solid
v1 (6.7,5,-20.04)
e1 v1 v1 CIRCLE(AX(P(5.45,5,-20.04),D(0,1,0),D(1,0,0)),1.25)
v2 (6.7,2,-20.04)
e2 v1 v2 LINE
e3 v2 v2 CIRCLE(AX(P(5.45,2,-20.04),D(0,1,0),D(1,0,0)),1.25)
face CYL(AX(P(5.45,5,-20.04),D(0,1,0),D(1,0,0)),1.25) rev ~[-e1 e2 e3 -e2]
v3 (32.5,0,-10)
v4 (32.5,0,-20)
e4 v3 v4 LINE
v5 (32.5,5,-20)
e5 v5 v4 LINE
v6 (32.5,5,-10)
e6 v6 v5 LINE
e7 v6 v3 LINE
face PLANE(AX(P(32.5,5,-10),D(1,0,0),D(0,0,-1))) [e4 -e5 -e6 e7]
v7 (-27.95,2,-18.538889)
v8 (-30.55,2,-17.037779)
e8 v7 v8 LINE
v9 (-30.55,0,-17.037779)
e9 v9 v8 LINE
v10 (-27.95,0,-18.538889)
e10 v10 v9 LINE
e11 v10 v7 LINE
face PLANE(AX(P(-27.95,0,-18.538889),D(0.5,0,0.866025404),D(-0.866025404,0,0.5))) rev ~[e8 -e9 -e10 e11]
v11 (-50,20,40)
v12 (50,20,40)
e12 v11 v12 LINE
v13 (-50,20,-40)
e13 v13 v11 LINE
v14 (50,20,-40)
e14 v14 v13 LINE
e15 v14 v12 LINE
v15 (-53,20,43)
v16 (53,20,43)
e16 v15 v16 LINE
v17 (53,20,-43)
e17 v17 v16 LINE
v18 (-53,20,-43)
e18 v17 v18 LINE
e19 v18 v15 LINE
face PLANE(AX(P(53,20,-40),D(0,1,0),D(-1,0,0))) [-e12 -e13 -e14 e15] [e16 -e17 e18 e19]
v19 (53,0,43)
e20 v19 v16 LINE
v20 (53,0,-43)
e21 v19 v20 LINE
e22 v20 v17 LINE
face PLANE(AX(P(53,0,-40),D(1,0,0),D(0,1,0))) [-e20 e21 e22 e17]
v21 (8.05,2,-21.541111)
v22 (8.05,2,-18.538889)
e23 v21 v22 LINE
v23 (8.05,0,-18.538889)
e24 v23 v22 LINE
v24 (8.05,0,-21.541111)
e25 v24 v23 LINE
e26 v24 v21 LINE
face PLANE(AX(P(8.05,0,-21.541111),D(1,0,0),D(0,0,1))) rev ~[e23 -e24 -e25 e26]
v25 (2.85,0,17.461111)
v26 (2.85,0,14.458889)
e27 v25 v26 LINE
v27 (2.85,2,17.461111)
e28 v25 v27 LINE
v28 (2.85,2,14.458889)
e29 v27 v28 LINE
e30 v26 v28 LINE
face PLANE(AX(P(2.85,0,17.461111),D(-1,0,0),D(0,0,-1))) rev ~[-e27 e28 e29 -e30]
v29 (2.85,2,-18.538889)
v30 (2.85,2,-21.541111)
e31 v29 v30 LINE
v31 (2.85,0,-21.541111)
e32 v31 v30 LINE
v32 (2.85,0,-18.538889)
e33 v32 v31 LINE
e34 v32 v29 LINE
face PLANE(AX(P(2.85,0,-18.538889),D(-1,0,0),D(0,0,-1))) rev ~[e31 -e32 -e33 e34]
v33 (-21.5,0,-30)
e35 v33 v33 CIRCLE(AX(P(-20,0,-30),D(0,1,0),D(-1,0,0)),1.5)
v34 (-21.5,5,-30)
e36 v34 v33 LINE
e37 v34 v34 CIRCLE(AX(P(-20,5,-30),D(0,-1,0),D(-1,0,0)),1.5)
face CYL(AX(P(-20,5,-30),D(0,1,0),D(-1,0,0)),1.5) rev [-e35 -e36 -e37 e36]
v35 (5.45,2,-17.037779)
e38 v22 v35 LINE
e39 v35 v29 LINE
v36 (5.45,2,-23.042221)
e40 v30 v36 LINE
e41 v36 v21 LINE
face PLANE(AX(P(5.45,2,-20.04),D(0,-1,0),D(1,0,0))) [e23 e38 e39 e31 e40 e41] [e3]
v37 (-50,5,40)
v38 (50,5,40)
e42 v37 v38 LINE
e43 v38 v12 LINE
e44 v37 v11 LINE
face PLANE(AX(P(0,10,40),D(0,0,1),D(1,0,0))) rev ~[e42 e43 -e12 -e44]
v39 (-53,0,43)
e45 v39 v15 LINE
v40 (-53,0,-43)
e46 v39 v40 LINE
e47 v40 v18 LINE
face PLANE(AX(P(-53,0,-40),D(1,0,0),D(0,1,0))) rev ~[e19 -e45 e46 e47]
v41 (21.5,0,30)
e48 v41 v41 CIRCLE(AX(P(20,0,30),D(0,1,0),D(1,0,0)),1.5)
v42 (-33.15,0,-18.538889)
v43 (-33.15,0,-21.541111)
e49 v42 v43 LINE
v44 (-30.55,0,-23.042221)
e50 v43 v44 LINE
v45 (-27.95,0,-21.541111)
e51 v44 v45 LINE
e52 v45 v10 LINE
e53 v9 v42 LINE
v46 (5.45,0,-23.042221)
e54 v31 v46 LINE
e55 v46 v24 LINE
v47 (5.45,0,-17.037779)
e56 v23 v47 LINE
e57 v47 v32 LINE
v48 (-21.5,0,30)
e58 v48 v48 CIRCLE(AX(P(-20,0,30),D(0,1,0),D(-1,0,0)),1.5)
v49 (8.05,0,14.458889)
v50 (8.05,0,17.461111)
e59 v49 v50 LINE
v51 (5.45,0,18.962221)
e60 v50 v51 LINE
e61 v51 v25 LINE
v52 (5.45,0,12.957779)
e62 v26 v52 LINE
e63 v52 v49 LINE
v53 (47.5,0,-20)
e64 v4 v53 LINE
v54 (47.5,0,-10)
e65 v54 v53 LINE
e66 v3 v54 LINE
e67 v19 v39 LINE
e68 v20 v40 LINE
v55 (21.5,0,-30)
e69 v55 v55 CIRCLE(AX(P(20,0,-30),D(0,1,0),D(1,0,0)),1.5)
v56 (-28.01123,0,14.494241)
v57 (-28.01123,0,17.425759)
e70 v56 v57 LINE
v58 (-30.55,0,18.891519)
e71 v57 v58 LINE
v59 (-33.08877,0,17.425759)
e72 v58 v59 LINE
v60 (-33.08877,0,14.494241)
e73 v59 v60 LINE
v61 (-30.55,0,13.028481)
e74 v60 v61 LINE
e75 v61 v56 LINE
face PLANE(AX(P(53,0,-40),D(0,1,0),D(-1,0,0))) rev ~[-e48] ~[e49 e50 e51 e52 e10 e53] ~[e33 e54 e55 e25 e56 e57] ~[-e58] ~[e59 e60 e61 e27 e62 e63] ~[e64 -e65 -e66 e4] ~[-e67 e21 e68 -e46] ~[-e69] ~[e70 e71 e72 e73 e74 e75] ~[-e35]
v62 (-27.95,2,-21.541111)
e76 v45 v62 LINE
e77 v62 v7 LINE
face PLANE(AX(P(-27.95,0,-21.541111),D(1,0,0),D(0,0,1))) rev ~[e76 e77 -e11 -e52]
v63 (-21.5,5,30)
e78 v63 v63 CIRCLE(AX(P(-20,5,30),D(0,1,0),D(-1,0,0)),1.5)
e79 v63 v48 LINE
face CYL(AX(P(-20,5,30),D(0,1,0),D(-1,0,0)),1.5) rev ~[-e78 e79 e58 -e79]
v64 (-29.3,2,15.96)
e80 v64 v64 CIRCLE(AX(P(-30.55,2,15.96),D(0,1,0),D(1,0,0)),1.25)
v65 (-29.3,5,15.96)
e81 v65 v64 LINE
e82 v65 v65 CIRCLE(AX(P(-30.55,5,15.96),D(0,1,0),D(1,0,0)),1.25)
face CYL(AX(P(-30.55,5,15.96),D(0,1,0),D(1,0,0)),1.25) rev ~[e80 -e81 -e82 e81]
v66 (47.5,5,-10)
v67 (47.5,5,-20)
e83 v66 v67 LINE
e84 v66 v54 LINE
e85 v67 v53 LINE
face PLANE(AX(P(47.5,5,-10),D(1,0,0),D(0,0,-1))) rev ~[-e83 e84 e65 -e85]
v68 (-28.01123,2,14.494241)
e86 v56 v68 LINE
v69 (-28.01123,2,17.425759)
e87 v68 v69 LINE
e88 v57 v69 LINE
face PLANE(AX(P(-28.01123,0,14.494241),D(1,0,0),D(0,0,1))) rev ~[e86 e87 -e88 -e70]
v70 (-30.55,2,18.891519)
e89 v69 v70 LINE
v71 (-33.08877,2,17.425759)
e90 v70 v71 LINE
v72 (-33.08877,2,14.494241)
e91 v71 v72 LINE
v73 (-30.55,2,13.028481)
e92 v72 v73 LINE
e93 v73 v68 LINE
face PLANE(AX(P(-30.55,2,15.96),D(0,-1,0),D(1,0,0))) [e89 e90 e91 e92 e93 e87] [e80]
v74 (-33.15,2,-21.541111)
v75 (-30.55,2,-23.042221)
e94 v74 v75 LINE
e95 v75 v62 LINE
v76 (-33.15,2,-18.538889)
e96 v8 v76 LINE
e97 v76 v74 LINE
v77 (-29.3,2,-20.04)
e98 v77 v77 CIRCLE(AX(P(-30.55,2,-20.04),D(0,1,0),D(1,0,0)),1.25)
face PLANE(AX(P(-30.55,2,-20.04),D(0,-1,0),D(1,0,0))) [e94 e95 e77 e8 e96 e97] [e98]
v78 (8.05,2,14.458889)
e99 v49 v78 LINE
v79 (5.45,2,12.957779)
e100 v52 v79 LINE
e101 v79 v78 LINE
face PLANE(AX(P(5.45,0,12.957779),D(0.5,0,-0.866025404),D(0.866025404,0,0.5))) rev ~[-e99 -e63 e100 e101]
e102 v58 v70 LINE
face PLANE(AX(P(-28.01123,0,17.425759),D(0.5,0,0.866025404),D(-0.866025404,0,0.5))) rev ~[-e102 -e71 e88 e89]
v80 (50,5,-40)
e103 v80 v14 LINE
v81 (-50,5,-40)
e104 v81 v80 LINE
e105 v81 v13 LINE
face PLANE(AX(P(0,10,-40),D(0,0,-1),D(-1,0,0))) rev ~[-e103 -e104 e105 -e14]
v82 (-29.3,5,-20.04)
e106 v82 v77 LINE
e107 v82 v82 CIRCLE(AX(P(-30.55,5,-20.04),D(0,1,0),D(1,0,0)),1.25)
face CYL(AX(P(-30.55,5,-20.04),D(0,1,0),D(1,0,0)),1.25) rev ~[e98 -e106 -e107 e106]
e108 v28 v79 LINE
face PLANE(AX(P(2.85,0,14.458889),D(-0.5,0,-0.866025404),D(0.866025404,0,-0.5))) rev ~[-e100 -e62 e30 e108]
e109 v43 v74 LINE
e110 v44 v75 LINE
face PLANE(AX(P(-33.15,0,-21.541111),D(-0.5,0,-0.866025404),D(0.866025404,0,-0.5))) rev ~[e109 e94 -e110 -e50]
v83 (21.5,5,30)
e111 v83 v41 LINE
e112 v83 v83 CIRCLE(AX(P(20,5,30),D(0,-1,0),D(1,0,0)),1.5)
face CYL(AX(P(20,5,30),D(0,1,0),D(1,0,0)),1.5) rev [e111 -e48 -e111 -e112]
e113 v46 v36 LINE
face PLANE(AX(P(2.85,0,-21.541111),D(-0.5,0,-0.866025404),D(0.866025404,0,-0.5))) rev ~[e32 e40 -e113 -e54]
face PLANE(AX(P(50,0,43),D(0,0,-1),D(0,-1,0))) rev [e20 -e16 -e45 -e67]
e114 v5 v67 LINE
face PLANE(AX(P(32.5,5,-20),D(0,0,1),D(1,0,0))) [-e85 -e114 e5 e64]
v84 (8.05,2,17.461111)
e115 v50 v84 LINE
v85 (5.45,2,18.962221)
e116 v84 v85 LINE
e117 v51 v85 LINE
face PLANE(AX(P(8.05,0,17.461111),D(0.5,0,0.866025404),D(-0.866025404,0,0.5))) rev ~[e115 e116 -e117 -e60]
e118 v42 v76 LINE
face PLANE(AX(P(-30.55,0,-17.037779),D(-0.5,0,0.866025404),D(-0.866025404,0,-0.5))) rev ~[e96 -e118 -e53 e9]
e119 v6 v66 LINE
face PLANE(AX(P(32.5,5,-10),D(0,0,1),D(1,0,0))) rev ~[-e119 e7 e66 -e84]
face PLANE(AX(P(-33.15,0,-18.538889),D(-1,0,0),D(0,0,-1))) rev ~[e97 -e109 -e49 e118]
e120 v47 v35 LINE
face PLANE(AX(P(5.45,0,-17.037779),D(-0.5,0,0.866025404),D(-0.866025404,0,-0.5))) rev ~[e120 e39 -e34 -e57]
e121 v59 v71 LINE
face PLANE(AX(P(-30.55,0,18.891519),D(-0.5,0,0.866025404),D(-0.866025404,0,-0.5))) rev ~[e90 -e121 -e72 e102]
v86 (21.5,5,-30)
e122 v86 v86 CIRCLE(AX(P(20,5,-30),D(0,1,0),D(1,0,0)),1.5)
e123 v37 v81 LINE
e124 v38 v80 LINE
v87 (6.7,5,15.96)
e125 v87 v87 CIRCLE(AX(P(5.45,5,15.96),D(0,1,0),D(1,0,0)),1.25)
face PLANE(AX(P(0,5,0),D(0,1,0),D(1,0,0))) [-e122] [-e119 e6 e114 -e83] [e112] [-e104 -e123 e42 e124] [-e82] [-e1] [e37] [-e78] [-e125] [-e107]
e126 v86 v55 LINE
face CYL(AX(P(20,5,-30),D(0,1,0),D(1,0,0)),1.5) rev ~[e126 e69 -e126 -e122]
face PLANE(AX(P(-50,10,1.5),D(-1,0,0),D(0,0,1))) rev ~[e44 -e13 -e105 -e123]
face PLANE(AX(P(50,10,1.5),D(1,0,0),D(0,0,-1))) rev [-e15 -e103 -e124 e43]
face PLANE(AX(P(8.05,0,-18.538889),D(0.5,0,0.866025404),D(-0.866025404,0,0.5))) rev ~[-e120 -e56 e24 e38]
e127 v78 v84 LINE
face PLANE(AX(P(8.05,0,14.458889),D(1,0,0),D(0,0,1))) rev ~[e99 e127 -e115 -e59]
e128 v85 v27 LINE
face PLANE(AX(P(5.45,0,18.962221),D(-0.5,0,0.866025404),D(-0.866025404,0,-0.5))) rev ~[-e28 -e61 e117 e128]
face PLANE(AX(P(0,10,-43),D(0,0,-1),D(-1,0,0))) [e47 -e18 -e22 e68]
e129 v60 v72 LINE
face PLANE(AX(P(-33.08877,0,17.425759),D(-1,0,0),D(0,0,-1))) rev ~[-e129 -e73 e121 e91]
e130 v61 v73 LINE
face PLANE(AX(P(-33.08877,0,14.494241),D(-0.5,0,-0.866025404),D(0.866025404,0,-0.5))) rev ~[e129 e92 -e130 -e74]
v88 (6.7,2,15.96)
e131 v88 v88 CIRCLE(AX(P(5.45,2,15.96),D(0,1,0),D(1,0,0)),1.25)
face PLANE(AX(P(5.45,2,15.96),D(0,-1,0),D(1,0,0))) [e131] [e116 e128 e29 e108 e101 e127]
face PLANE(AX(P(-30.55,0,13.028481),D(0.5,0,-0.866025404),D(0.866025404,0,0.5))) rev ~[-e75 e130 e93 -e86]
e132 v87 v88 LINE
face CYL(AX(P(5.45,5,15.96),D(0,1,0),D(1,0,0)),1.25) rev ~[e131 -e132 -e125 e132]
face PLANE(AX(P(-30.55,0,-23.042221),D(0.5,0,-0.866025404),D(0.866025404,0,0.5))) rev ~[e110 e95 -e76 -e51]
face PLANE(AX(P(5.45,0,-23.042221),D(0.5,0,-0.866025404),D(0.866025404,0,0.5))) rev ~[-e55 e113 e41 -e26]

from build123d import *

# Parameters (mm, degrees)
SKETCH_1_W               = 100
SKETCH_1_H               = 80
EXTRUDE_1_DEPTH          = 5
SKETCH_2_R               = 1.5
CUT_EXTRUDE_1_DEPTH      = 6
MIRROR_2_COPY_1_SKETCH_R = 1.5
MIRROR_2_COPY_1_DEPTH    = 6
SKETCH_4_W               = 100
SKETCH_4_H               = 20
EXTRUDE_2_DEPTH          = 3
SKETCH_5_W               = 83
SKETCH_5_H               = 20
EXTRUDE_3_DEPTH          = 3
SKETCH_6_W               = 106
SKETCH_6_H               = 20
EXTRUDE_4_DEPTH          = 3
SKETCH_7_R               = 1.25
CUT_EXTRUDE_2_DEPTH      = 6
CUT_EXTRUDE_3_DEPTH      = 2
SKETCH_9_W               = 15
SKETCH_9_H               = 10
CUT_EXTRUDE_4_DEPTH      = 6


with BuildPart() as part:
    # 草图1 → 凸台-拉伸1 (new body)
    with BuildSketch(Plane(origin=(0, 0, 0), x_dir=(1, 0, 0), z_dir=(0, 1, 0))):
        Rectangle(SKETCH_1_W, SKETCH_1_H)
    extrude(amount=EXTRUDE_1_DEPTH)

    # 草图2 → 切除-拉伸1 (cut, through all)
    with BuildSketch(Plane(origin=(0, 5, 0), x_dir=(1, 0, 0), z_dir=(0, 1, 0))):
        with Locations((20, 30)):
            Circle(SKETCH_2_R)
    cut_extrude_1 = extrude(amount=-CUT_EXTRUDE_1_DEPTH, mode=Mode.SUBTRACT)

    # 镜向1: 切除-拉伸1 across plane
    add(cut_extrude_1.mirror(Plane.ZY), mode=Mode.SUBTRACT)

    # 镜向2: 切除-拉伸1 across plane
    add(cut_extrude_1.mirror(Plane.XY), mode=Mode.SUBTRACT)

    # 镜向2 copy 1 sketch → 镜向2 copy 1 (cut, through all)
    with BuildSketch(Plane(origin=(0, 5, 0), x_dir=(-1, 0, 0), z_dir=(0, 1, 0))):
        with Locations((20, 30)):
            Circle(MIRROR_2_COPY_1_SKETCH_R)
    extrude(amount=-MIRROR_2_COPY_1_DEPTH, mode=Mode.SUBTRACT)

    # 草图4 → 凸台-拉伸2 (add)
    with BuildSketch(Plane.XY.offset(40)):
        with Locations((0, 10)):
            Rectangle(SKETCH_4_W, SKETCH_4_H)
    extrude(amount=EXTRUDE_2_DEPTH)

    # 草图5 → 凸台-拉伸3 (add)
    with BuildSketch(Plane.ZY.offset(50)):
        with Locations((1.5, 10)):
            Rectangle(SKETCH_5_W, SKETCH_5_H)
    extrude_3 = extrude(amount=EXTRUDE_3_DEPTH)

    # 镜向3: 凸台-拉伸3 across plane
    add(extrude_3.mirror(Plane.ZY))

    # 草图6 → 凸台-拉伸4 (add)
    with BuildSketch(Plane(origin=(0, 0, -40), x_dir=(-1, 0, 0), z_dir=(0, 0, -1))):
        with Locations((0, 10)):
            Rectangle(SKETCH_6_W, SKETCH_6_H)
    extrude(amount=EXTRUDE_4_DEPTH)

    # 草图7 → 切除-拉伸2 (cut, through all)
    with BuildSketch(Plane(origin=(0, 5, 0), x_dir=(1, 0, 0), z_dir=(0, 1, 0))):
        with Locations((5.45, 20.04)):
            Circle(SKETCH_7_R)
        with Locations((-30.55, 20.04)):
            Circle(SKETCH_7_R)
        with Locations((-30.55, -15.96)):
            Circle(SKETCH_7_R)
        with Locations((5.45, -15.96)):
            Circle(SKETCH_7_R)
    extrude(amount=-CUT_EXTRUDE_2_DEPTH, mode=Mode.SUBTRACT)

    # 草图8 → 切除-拉伸3 (cut)
    with BuildSketch(Plane.XZ):
        Polygon((-28.01123046, 17.425759277), (-30.55, 18.891518554), (-33.08876954, 17.425759277), (-33.08876954, 14.494240723), (-30.55, 13.028481446), (-28.01123046, 14.494240723), align=None)
        Polygon((-30.55, -17.0377786), (-33.15, -18.5388893), (-33.15, -21.5411107), (-30.55, -23.0422214), (-27.95, -21.5411107), (-27.95, -18.5388893), align=None)
        Polygon((5.45, 18.9622214), (2.85, 17.4611107), (2.85, 14.4588893), (5.45, 12.9577786), (8.05, 14.4588893), (8.05, 17.4611107), align=None)
        Polygon((5.45, -17.0377786), (2.85, -18.5388893), (2.85, -21.5411107), (5.45, -23.0422214), (8.05, -21.5411107), (8.05, -18.5388893), align=None)
    extrude(amount=-CUT_EXTRUDE_3_DEPTH, mode=Mode.SUBTRACT)

    # 草图9 → 切除-拉伸4 (cut, through all)
    with BuildSketch(Plane(origin=(0, 5, 0), x_dir=(1, 0, 0), z_dir=(0, 1, 0))):
        with Locations((40, 15)):
            Rectangle(SKETCH_9_W, SKETCH_9_H)
    extrude(amount=-CUT_EXTRUDE_4_DEPTH, mode=Mode.SUBTRACT)


solid = part.part
